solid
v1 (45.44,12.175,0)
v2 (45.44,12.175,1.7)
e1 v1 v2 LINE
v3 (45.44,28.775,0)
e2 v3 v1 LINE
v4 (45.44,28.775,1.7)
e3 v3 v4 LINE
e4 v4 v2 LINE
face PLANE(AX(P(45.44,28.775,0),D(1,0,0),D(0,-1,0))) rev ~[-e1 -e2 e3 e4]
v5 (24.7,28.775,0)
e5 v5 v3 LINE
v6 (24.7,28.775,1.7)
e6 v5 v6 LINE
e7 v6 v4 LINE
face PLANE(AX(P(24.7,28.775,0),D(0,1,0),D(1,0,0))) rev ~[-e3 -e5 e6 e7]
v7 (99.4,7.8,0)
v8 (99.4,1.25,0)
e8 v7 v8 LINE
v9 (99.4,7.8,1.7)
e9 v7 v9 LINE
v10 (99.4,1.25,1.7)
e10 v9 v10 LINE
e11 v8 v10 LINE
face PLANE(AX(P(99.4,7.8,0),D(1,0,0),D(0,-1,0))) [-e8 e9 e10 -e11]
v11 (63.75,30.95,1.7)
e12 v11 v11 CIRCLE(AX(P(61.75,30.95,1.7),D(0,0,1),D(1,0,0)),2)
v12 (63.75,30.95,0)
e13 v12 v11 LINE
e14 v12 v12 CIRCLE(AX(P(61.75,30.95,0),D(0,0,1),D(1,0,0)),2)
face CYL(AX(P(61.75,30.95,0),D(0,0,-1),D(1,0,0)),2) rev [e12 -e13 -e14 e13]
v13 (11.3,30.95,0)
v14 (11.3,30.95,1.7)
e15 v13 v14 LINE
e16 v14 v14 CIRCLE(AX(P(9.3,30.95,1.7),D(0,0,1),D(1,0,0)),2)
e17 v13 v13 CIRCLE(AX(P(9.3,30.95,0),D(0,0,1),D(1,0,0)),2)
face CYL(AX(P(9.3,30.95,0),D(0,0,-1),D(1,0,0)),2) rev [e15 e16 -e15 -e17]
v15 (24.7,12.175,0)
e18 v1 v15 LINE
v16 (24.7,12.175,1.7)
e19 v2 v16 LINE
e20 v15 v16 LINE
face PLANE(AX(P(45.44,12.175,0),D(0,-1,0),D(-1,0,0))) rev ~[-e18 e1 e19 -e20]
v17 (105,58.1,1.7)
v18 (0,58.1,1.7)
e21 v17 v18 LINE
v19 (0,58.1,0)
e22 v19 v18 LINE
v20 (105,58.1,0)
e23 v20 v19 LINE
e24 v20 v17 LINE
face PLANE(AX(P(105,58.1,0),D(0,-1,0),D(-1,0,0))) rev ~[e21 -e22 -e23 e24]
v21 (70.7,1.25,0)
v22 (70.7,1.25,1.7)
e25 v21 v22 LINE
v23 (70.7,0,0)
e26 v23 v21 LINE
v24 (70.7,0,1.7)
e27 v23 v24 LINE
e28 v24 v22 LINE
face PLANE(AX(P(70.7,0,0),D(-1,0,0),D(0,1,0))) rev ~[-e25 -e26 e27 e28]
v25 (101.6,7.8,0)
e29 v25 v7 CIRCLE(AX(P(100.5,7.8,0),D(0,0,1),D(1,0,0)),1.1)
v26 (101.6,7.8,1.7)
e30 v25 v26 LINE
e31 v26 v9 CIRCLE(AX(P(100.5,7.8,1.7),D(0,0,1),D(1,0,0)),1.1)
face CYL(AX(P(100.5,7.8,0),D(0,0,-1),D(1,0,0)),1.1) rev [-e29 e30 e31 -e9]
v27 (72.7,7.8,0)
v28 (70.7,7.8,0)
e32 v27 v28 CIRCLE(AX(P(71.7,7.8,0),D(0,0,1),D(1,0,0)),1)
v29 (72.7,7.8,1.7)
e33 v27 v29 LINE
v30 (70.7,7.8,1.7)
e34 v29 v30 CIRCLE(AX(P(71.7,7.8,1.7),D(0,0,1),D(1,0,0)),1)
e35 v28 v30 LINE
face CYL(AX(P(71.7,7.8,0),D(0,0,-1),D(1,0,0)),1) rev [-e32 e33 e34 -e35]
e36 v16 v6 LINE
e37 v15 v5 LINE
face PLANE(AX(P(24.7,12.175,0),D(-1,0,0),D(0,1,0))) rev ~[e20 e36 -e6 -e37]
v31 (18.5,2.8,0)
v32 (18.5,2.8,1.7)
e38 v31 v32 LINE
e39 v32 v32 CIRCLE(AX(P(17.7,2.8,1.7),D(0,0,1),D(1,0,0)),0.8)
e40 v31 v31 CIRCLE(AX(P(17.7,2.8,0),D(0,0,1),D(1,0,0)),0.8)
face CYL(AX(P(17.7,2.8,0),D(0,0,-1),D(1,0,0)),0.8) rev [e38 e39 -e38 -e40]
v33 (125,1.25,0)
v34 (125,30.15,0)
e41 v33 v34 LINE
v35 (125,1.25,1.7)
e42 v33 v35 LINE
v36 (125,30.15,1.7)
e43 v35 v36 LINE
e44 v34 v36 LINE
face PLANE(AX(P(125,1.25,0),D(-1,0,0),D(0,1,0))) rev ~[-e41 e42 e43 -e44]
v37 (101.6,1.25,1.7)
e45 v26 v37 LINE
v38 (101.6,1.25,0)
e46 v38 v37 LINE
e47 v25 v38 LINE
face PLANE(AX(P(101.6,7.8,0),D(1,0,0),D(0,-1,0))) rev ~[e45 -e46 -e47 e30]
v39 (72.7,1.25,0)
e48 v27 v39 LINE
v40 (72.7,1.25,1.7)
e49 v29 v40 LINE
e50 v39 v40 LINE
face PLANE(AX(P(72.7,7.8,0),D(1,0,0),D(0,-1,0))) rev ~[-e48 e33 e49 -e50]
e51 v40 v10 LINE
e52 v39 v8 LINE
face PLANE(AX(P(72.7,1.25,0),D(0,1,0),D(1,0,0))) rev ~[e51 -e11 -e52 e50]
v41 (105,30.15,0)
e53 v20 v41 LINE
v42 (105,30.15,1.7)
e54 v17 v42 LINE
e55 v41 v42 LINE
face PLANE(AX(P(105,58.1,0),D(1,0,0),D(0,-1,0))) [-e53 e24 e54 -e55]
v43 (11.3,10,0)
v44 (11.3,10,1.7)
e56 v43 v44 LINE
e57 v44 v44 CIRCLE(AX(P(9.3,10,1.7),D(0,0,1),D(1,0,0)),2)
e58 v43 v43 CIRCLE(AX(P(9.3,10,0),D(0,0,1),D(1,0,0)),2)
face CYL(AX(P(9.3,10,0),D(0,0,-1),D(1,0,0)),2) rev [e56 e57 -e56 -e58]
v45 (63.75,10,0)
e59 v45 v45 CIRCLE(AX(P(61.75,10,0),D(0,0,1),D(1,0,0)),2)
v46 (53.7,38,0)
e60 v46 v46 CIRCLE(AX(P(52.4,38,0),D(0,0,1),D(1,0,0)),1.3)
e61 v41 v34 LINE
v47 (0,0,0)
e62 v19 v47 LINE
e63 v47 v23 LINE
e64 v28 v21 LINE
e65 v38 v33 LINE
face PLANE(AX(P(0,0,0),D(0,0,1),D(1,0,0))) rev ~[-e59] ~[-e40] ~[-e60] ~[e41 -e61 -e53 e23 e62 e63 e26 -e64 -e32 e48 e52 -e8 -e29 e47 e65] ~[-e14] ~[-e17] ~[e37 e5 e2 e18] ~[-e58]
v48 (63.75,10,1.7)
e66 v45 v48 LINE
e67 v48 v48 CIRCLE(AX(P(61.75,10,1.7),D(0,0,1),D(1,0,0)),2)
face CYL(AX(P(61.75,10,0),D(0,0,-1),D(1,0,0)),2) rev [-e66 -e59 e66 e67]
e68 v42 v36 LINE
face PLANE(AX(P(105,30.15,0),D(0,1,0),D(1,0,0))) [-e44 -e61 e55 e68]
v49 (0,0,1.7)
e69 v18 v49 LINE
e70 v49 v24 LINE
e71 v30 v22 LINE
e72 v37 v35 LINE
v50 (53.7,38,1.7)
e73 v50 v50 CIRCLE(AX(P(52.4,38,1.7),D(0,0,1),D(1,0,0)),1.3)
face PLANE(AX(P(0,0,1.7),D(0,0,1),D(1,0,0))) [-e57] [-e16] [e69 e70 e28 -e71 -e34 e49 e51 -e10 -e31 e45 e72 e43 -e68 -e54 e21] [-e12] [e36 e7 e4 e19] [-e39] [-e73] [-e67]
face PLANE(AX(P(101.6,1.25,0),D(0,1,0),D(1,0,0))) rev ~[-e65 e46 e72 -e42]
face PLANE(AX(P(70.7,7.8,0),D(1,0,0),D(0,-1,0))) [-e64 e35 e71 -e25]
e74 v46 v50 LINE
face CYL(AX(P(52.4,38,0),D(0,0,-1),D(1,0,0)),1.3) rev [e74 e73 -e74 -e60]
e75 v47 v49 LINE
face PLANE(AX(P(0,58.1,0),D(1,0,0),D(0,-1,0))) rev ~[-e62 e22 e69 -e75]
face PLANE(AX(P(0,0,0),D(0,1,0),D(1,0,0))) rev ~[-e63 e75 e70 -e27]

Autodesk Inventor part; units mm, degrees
ref_plane "YZ Plane" through (0, 0, 0) normal (1, 0, 0) x (0, 1, 0)
ref_plane "XZ Plane" through (0, 0, 0) normal (0, 1, 0) x (-1, 0, 0)
ref_plane "XY Plane" through (0, 0, 0) normal (0, 0, 1) x (1, 0, 0)
sketch "Sketch1" plane through (0, 0, 0) normal (0, 0, 1) x (1, 0, 0)
  line L0 (0, 0) -> (125, 0)
  line L1 (125, 1.25) -> (125, 30.15)
  line L2 (105, 58.1) -> (0, 58.1)
  line L3 (0, 58.1) -> (0, 0)
  line L4 (105, 58.1) -> (105, 30.15)
  line L5 (105, 30.15) -> (125, 30.15)
  line L6 (24.7, 28.775) -> (45.44, 28.775)
  line L7 (45.44, 28.775) -> (45.44, 12.175)
  line L8 (45.44, 12.175) -> (24.7, 12.175)
  line L9 (24.7, 12.175) -> (24.7, 28.775)
  circle A0 centre (9.3, 10) radius 2
  circle A1 centre (61.75, 10) radius 2
  circle A2 centre (9.3, 30.95) radius 2
  circle A3 centre (61.75, 30.95) radius 2
  line L10 (9.3, 30.95) -> (9.3, 10) construction
  line L11 (9.3, 10) -> (61.75, 10) construction
  line L12 (70.7, 0) -> (70.7, 1.25)
  arc A4 (72.7, 7.8) -> (70.7, 7.8) centre (71.7, 7.8) ccw
  line L13 (70.7, 7.8) -> (70.7, 1.25)
  line L14 (72.7, 7.8) -> (72.7, 1.25)
  arc A5 (101.6, 7.8) -> (99.4, 7.8) centre (100.5, 7.8) ccw
  line L15 (99.4, 7.8) -> (99.4, 1.25)
  line L16 (101.6, 7.8) -> (101.6, 1.25)
  line L17 (72.7, 1.25) -> (99.4, 1.25)
  line L18 (101.6, 1.25) -> (125, 1.25)
  circle A6 centre (52.4, 38) radius 1.3
  circle A7 centre (17.7, 2.8) radius 0.8
  point P0 (35.07, 12.175)
  point P1 (35.525, 10)
  point P2 (9.3, 20.475)
  point P3 (24.7, 20.475)
  dimension "d2" = 20
  dimension "d4" = 125
  dimension "d5" = 20.74
  dimension "d9" = 52.45
  dimension "d12" = 20.95
  dimension "d15" = 10
  dimension "d17" = 4
  dimension "d20" = 7.8
  dimension "d27" = 2.6
  dimension "d28" = 1.6
  dimension "d31" = 16.6
  dimension "d37" = 26.7
  dimension "d40" = 17.7
  dimension "d41" = 9.3
  dimension "d42" = 2.8
  dimension "d43" = 52.4
  dimension "d44" = 38
  dimension "d45" = 24.7
  dimension "d46" = 70.7
  dimension "d47" = 58.1
  dimension "d48" = 2
  dimension "d49" = 2.2
  dimension "d50" = 1.25
  dimension "d52" = 28.9
extrude "Extrusion1" add sketch "Sketch1" along normal blind 1.7
properties part number "daughterboard"
